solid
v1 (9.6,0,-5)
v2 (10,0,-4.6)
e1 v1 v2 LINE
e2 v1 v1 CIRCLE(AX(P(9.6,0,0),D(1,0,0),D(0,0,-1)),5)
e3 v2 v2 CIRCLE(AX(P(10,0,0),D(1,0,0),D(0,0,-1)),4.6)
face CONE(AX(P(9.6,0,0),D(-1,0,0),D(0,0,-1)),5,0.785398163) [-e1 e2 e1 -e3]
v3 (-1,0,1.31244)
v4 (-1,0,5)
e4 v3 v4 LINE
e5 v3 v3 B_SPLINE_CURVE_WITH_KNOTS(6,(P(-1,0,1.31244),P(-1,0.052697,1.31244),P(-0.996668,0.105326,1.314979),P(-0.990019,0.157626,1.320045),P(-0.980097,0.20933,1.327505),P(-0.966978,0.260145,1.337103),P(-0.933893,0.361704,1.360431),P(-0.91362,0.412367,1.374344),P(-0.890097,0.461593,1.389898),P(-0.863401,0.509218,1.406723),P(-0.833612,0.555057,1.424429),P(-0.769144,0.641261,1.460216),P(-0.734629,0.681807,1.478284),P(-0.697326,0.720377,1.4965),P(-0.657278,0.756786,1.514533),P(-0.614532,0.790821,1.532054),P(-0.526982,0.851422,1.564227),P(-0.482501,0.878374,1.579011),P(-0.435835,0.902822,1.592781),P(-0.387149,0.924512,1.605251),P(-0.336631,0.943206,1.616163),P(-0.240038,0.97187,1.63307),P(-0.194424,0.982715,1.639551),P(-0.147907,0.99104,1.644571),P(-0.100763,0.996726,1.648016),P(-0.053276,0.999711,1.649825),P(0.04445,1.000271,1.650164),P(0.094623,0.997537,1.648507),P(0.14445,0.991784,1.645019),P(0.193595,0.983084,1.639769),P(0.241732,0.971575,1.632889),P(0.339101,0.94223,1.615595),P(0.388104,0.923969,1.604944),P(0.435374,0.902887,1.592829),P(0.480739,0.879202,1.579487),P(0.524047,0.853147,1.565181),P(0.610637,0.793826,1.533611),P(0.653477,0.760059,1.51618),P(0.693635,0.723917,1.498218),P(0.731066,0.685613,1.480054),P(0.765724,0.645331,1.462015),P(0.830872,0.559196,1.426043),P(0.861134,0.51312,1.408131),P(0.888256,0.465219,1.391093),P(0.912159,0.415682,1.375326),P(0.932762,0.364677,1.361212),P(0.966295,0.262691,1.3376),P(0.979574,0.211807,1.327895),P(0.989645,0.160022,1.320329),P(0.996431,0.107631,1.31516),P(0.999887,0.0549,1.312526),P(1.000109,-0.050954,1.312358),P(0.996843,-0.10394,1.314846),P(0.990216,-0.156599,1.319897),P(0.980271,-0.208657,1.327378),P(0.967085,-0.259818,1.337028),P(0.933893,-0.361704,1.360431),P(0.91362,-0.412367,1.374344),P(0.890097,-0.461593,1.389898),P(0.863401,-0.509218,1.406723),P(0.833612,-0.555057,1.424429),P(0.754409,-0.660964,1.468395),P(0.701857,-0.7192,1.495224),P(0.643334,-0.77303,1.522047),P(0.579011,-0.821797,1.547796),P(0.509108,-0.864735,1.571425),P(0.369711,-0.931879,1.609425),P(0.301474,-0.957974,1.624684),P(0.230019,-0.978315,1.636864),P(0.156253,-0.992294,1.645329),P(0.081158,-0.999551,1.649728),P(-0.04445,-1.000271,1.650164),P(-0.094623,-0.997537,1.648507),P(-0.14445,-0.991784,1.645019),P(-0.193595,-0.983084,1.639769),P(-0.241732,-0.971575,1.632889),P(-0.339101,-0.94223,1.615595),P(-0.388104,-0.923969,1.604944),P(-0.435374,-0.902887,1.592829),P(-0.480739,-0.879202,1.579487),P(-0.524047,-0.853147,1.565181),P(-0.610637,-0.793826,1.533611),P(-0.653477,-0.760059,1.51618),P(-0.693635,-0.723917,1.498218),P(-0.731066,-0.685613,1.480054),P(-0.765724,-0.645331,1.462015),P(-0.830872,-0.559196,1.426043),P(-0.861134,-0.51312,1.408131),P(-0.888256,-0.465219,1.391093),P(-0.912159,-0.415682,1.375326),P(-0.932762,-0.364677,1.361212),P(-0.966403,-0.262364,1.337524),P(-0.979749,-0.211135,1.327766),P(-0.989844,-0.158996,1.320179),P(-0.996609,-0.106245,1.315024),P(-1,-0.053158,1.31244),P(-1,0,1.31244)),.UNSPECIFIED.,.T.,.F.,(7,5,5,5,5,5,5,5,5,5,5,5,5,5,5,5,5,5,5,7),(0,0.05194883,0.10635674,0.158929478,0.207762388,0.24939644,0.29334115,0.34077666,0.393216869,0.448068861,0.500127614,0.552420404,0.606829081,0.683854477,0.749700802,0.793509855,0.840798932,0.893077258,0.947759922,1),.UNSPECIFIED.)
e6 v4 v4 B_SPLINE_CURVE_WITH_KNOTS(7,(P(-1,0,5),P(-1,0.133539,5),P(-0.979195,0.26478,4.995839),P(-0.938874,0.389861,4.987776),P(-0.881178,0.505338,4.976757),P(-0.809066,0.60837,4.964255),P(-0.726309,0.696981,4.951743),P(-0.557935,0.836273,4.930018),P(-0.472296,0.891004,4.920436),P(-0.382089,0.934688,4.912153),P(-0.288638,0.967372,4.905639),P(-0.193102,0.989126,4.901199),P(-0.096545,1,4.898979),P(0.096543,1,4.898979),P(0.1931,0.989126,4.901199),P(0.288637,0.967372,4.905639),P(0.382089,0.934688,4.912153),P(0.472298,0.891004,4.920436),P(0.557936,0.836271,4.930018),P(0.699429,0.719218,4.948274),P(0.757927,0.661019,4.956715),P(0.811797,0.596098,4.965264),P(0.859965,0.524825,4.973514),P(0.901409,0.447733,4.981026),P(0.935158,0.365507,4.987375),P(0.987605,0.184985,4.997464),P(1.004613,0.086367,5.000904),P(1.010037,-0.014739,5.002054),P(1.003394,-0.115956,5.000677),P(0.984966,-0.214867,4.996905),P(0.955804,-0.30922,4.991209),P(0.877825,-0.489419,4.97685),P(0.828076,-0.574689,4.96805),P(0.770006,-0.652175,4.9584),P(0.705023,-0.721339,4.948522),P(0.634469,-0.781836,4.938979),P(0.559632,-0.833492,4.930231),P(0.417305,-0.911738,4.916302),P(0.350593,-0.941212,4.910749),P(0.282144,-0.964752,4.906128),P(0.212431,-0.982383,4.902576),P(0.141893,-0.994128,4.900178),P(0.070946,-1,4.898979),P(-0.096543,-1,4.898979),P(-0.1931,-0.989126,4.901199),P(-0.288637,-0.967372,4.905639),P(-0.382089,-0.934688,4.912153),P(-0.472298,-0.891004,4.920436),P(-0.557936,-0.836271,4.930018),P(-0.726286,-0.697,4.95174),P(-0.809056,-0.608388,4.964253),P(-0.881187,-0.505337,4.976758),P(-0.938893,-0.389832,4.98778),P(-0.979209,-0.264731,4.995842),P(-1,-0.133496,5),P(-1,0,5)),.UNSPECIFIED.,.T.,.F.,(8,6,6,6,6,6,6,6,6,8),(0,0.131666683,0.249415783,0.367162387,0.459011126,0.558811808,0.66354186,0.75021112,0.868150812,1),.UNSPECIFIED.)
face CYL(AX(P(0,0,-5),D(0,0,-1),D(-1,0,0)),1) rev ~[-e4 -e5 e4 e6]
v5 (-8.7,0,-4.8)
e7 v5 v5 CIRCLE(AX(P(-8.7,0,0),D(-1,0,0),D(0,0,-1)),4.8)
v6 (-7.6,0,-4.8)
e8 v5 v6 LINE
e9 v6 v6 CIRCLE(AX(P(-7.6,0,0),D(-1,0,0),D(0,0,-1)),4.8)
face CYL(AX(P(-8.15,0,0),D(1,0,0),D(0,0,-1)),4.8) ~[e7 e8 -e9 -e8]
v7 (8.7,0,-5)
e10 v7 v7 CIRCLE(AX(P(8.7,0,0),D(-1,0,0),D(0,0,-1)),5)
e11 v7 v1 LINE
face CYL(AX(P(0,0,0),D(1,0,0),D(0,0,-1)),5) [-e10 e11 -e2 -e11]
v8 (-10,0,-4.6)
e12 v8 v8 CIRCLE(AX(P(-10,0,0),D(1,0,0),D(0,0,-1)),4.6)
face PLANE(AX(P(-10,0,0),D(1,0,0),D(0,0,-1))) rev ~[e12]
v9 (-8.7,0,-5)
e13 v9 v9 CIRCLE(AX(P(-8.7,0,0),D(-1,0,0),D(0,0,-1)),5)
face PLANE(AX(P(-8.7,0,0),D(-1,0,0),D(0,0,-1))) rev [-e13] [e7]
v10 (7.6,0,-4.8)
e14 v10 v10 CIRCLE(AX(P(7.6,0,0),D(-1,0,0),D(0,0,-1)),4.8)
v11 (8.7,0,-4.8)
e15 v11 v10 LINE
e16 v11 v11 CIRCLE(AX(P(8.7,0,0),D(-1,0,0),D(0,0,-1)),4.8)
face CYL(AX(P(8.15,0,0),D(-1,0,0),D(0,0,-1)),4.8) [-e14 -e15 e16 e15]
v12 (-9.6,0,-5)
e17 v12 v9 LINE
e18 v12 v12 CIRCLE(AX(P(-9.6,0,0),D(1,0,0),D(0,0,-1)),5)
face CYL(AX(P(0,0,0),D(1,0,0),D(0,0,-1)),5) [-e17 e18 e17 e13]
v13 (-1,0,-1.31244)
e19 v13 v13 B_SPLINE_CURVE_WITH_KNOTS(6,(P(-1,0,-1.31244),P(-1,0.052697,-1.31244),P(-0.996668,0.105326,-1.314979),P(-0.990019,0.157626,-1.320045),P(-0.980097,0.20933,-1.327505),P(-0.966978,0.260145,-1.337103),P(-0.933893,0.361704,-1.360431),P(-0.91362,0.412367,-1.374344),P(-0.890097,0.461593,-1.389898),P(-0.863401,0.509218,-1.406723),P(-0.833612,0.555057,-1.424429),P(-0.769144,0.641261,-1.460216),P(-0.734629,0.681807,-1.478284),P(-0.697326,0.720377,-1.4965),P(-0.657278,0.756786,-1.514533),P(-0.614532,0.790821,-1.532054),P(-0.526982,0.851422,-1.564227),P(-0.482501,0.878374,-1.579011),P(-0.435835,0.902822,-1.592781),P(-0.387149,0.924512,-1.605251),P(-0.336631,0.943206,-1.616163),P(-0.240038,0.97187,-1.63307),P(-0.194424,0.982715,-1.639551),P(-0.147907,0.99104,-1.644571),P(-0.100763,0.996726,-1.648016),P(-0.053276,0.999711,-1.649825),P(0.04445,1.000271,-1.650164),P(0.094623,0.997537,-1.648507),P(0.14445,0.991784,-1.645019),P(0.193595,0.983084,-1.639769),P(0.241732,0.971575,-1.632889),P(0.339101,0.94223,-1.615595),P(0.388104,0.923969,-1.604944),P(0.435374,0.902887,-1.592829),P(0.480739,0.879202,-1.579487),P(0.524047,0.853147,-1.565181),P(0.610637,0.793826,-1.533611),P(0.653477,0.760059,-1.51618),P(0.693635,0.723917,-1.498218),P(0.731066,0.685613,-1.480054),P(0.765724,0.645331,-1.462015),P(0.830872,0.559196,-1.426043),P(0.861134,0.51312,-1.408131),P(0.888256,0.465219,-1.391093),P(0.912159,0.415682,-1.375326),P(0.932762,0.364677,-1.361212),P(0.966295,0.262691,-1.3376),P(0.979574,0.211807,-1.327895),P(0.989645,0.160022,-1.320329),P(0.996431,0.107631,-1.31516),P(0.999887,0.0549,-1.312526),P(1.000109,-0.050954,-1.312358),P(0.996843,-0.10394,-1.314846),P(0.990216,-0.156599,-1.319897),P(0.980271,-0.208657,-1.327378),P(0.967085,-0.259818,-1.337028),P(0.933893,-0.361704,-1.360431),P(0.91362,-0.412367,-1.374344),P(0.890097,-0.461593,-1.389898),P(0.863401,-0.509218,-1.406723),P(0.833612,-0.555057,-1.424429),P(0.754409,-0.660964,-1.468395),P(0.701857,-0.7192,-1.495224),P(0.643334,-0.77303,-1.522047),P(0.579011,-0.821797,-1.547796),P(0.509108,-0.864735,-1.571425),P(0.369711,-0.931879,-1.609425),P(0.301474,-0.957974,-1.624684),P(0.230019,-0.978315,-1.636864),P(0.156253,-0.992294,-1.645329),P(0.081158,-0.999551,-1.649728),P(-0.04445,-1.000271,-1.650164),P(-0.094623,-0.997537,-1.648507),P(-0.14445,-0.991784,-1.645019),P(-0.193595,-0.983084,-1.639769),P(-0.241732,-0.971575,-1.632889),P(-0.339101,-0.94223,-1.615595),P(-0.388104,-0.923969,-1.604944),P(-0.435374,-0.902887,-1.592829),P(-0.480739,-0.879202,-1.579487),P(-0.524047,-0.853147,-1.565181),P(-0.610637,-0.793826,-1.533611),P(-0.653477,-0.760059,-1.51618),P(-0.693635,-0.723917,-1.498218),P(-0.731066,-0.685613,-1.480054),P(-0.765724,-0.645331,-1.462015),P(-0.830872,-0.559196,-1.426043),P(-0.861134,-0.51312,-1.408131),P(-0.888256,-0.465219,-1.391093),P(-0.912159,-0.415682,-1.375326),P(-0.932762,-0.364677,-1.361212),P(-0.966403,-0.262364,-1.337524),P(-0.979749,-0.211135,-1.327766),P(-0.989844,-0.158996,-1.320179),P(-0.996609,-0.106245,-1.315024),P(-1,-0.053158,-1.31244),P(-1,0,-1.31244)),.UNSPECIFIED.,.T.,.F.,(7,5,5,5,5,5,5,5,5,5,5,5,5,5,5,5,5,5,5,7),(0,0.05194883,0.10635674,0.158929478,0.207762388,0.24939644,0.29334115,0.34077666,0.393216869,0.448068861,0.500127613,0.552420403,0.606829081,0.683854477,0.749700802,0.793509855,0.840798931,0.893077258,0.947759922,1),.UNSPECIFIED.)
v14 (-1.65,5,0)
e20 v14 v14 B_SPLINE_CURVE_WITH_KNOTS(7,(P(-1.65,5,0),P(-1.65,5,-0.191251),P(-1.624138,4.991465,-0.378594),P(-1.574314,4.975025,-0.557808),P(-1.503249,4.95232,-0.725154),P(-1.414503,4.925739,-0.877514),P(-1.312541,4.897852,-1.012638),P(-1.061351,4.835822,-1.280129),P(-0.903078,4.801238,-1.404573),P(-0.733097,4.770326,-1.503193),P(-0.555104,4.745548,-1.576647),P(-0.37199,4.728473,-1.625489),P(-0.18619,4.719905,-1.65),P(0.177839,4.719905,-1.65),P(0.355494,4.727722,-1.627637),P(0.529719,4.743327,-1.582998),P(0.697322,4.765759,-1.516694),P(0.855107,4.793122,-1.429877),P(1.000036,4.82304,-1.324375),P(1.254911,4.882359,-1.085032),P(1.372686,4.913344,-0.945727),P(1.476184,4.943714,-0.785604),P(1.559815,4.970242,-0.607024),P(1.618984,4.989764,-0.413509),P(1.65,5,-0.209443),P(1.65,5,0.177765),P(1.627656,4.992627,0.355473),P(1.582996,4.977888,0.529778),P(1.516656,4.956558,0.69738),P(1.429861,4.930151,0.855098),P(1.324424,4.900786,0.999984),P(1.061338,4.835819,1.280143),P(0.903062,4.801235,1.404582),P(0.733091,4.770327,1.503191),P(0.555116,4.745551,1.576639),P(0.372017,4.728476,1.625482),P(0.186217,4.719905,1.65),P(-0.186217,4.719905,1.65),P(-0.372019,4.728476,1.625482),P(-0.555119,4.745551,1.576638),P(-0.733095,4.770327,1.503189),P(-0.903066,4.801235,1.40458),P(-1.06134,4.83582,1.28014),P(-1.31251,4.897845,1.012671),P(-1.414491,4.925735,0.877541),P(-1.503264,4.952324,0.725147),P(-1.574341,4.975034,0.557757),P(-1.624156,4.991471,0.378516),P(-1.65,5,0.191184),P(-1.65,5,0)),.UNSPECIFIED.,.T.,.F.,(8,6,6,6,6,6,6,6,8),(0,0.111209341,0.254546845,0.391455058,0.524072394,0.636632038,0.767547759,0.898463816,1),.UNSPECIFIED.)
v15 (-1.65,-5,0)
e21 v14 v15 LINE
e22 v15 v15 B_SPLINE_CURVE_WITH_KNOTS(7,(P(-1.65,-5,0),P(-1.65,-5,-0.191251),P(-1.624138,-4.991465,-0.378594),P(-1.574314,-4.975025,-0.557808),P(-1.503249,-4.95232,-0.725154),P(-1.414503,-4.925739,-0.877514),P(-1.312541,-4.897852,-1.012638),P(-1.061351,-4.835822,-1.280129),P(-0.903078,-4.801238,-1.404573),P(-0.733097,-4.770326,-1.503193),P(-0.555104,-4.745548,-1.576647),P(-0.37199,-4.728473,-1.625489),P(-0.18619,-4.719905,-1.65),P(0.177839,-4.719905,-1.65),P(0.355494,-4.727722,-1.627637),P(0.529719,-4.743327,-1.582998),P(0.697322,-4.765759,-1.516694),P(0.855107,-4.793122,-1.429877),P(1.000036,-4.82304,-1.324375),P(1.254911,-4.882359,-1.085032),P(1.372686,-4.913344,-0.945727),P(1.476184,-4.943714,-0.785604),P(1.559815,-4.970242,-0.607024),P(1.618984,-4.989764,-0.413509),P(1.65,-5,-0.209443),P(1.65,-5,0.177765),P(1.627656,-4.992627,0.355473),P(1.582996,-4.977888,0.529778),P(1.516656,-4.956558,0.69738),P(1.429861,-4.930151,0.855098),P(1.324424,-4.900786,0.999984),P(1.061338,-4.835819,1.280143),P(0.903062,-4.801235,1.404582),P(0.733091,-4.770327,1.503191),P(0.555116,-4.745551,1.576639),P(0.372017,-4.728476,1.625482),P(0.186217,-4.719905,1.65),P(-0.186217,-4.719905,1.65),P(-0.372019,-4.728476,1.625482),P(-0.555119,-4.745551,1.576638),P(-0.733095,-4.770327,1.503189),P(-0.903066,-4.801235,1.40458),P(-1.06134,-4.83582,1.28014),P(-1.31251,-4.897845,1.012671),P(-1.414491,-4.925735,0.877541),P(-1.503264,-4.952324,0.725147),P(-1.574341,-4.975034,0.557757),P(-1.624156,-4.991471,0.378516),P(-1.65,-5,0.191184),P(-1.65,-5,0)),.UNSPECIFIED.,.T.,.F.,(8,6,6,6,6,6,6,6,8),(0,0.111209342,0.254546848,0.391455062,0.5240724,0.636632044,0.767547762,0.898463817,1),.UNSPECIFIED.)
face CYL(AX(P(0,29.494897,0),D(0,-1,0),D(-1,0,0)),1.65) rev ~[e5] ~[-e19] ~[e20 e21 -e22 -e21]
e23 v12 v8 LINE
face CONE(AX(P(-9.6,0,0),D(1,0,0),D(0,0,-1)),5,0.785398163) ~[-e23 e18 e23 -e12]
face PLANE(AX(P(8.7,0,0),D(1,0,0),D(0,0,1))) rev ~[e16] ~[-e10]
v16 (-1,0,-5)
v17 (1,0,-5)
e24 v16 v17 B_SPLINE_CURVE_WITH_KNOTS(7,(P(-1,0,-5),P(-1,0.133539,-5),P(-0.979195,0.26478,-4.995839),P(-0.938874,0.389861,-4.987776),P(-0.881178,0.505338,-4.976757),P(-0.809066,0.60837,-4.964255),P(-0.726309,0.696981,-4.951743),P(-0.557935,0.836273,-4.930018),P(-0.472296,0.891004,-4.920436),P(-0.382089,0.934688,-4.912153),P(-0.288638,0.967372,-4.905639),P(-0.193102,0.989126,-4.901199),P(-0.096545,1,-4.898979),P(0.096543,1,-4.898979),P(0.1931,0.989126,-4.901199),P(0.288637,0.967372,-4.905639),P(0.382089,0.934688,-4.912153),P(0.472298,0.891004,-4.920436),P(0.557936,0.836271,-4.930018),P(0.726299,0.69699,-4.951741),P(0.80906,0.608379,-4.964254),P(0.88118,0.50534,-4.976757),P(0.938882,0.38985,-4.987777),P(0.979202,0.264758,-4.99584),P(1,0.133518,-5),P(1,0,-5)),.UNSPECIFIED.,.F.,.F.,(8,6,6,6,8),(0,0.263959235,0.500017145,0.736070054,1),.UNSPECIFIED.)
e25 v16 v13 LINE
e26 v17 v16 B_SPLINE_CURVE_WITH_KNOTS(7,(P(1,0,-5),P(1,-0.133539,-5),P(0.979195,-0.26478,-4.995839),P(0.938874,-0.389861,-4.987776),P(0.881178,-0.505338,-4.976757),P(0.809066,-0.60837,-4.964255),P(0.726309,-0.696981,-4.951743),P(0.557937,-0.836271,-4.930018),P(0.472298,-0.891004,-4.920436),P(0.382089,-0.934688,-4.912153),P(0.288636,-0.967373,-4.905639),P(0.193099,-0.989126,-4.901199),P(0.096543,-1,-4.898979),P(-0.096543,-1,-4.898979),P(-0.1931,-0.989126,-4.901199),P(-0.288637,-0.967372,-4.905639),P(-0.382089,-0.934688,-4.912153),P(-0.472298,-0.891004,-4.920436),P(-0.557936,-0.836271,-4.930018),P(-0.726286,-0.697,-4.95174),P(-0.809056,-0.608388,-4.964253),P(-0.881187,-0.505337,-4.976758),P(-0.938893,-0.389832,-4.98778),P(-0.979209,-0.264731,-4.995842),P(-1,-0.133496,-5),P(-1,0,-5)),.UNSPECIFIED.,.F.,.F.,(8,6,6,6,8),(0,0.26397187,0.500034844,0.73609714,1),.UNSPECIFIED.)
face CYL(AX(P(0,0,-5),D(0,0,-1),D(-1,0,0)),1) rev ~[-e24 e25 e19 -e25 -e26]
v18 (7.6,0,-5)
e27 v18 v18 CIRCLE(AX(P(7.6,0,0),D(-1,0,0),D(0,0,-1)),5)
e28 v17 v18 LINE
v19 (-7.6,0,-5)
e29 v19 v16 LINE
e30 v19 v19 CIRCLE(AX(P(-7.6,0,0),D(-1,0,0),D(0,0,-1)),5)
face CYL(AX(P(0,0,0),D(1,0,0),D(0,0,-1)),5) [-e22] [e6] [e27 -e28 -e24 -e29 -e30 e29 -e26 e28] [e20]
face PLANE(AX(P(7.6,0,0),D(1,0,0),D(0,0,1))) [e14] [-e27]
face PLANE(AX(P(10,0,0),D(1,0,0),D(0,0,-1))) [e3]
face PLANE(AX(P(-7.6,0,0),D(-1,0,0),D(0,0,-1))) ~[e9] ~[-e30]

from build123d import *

# Parameters (mm, degrees)
SKETCH1_R           = 5
BOSS_EXTRUDE1_DEPTH = 10
SKETCH2_W           = 1.1
SKETCH2_H           = 0.2
CHAMFER1_SIZE       = 0.4
M4_TAPPED_HOLE4_D   = 3.3
SKETCH6_R           = 1
CUT_EXTRUDE1_DEPTH  = 16.0000001


with BuildPart() as part:
    # Sketch1 → Boss-Extrude1 (new, symmetric)
    with BuildSketch(Plane(origin=(0, 0, 0), x_dir=(0, 0, -1), z_dir=(1, 0, 0))):
        Circle(SKETCH1_R)
    extrude(amount=BOSS_EXTRUDE1_DEPTH, both=True)

    # Sketch2 → Cut-Revolve1 (revolve, cut)
    with BuildSketch(Plane(origin=(0, 0, 0), x_dir=(1, 0, 0), z_dir=(0, 1, 0))):
        with Locations((-8.15, 4.9)):
            Rectangle(SKETCH2_W, SKETCH2_H)
    cut_revolve1 = revolve(axis=Axis((0, 0, 0), (-1, 0, 0)), mode=Mode.SUBTRACT)

    # Mirror1: Cut-Revolve1 across plane
    add(cut_revolve1.mirror(Plane(origin=(0, 0, 0), x_dir=(0, 0, 1), z_dir=(1, 0, 0))), mode=Mode.SUBTRACT)

    # Chamfer1
    chamfer1_edges = [part.edges().sort_by_distance(p)[0] for p in [
        (-10, 0, 5),
        (10, 0, 5),
    ]]
    chamfer(chamfer1_edges, length=CHAMFER1_SIZE)

    # M4 Tapped Hole4 (through all)
    with Locations(Plane(origin=(0, 5, 0), x_dir=(1, 0, 0), z_dir=(0, 1, 0))):
        with Locations((0, 0)):
            Hole(M4_TAPPED_HOLE4_D / 2)

    # Sketch6 → Cut-Extrude1 (cut, through all)
    with BuildSketch(Plane(origin=(0, 0, -5), x_dir=(-1, 0, 0), z_dir=(0, 0, -1))):
        Circle(SKETCH6_R)
    extrude(amount=-CUT_EXTRUDE1_DEPTH, mode=Mode.SUBTRACT)


solid = part.part
